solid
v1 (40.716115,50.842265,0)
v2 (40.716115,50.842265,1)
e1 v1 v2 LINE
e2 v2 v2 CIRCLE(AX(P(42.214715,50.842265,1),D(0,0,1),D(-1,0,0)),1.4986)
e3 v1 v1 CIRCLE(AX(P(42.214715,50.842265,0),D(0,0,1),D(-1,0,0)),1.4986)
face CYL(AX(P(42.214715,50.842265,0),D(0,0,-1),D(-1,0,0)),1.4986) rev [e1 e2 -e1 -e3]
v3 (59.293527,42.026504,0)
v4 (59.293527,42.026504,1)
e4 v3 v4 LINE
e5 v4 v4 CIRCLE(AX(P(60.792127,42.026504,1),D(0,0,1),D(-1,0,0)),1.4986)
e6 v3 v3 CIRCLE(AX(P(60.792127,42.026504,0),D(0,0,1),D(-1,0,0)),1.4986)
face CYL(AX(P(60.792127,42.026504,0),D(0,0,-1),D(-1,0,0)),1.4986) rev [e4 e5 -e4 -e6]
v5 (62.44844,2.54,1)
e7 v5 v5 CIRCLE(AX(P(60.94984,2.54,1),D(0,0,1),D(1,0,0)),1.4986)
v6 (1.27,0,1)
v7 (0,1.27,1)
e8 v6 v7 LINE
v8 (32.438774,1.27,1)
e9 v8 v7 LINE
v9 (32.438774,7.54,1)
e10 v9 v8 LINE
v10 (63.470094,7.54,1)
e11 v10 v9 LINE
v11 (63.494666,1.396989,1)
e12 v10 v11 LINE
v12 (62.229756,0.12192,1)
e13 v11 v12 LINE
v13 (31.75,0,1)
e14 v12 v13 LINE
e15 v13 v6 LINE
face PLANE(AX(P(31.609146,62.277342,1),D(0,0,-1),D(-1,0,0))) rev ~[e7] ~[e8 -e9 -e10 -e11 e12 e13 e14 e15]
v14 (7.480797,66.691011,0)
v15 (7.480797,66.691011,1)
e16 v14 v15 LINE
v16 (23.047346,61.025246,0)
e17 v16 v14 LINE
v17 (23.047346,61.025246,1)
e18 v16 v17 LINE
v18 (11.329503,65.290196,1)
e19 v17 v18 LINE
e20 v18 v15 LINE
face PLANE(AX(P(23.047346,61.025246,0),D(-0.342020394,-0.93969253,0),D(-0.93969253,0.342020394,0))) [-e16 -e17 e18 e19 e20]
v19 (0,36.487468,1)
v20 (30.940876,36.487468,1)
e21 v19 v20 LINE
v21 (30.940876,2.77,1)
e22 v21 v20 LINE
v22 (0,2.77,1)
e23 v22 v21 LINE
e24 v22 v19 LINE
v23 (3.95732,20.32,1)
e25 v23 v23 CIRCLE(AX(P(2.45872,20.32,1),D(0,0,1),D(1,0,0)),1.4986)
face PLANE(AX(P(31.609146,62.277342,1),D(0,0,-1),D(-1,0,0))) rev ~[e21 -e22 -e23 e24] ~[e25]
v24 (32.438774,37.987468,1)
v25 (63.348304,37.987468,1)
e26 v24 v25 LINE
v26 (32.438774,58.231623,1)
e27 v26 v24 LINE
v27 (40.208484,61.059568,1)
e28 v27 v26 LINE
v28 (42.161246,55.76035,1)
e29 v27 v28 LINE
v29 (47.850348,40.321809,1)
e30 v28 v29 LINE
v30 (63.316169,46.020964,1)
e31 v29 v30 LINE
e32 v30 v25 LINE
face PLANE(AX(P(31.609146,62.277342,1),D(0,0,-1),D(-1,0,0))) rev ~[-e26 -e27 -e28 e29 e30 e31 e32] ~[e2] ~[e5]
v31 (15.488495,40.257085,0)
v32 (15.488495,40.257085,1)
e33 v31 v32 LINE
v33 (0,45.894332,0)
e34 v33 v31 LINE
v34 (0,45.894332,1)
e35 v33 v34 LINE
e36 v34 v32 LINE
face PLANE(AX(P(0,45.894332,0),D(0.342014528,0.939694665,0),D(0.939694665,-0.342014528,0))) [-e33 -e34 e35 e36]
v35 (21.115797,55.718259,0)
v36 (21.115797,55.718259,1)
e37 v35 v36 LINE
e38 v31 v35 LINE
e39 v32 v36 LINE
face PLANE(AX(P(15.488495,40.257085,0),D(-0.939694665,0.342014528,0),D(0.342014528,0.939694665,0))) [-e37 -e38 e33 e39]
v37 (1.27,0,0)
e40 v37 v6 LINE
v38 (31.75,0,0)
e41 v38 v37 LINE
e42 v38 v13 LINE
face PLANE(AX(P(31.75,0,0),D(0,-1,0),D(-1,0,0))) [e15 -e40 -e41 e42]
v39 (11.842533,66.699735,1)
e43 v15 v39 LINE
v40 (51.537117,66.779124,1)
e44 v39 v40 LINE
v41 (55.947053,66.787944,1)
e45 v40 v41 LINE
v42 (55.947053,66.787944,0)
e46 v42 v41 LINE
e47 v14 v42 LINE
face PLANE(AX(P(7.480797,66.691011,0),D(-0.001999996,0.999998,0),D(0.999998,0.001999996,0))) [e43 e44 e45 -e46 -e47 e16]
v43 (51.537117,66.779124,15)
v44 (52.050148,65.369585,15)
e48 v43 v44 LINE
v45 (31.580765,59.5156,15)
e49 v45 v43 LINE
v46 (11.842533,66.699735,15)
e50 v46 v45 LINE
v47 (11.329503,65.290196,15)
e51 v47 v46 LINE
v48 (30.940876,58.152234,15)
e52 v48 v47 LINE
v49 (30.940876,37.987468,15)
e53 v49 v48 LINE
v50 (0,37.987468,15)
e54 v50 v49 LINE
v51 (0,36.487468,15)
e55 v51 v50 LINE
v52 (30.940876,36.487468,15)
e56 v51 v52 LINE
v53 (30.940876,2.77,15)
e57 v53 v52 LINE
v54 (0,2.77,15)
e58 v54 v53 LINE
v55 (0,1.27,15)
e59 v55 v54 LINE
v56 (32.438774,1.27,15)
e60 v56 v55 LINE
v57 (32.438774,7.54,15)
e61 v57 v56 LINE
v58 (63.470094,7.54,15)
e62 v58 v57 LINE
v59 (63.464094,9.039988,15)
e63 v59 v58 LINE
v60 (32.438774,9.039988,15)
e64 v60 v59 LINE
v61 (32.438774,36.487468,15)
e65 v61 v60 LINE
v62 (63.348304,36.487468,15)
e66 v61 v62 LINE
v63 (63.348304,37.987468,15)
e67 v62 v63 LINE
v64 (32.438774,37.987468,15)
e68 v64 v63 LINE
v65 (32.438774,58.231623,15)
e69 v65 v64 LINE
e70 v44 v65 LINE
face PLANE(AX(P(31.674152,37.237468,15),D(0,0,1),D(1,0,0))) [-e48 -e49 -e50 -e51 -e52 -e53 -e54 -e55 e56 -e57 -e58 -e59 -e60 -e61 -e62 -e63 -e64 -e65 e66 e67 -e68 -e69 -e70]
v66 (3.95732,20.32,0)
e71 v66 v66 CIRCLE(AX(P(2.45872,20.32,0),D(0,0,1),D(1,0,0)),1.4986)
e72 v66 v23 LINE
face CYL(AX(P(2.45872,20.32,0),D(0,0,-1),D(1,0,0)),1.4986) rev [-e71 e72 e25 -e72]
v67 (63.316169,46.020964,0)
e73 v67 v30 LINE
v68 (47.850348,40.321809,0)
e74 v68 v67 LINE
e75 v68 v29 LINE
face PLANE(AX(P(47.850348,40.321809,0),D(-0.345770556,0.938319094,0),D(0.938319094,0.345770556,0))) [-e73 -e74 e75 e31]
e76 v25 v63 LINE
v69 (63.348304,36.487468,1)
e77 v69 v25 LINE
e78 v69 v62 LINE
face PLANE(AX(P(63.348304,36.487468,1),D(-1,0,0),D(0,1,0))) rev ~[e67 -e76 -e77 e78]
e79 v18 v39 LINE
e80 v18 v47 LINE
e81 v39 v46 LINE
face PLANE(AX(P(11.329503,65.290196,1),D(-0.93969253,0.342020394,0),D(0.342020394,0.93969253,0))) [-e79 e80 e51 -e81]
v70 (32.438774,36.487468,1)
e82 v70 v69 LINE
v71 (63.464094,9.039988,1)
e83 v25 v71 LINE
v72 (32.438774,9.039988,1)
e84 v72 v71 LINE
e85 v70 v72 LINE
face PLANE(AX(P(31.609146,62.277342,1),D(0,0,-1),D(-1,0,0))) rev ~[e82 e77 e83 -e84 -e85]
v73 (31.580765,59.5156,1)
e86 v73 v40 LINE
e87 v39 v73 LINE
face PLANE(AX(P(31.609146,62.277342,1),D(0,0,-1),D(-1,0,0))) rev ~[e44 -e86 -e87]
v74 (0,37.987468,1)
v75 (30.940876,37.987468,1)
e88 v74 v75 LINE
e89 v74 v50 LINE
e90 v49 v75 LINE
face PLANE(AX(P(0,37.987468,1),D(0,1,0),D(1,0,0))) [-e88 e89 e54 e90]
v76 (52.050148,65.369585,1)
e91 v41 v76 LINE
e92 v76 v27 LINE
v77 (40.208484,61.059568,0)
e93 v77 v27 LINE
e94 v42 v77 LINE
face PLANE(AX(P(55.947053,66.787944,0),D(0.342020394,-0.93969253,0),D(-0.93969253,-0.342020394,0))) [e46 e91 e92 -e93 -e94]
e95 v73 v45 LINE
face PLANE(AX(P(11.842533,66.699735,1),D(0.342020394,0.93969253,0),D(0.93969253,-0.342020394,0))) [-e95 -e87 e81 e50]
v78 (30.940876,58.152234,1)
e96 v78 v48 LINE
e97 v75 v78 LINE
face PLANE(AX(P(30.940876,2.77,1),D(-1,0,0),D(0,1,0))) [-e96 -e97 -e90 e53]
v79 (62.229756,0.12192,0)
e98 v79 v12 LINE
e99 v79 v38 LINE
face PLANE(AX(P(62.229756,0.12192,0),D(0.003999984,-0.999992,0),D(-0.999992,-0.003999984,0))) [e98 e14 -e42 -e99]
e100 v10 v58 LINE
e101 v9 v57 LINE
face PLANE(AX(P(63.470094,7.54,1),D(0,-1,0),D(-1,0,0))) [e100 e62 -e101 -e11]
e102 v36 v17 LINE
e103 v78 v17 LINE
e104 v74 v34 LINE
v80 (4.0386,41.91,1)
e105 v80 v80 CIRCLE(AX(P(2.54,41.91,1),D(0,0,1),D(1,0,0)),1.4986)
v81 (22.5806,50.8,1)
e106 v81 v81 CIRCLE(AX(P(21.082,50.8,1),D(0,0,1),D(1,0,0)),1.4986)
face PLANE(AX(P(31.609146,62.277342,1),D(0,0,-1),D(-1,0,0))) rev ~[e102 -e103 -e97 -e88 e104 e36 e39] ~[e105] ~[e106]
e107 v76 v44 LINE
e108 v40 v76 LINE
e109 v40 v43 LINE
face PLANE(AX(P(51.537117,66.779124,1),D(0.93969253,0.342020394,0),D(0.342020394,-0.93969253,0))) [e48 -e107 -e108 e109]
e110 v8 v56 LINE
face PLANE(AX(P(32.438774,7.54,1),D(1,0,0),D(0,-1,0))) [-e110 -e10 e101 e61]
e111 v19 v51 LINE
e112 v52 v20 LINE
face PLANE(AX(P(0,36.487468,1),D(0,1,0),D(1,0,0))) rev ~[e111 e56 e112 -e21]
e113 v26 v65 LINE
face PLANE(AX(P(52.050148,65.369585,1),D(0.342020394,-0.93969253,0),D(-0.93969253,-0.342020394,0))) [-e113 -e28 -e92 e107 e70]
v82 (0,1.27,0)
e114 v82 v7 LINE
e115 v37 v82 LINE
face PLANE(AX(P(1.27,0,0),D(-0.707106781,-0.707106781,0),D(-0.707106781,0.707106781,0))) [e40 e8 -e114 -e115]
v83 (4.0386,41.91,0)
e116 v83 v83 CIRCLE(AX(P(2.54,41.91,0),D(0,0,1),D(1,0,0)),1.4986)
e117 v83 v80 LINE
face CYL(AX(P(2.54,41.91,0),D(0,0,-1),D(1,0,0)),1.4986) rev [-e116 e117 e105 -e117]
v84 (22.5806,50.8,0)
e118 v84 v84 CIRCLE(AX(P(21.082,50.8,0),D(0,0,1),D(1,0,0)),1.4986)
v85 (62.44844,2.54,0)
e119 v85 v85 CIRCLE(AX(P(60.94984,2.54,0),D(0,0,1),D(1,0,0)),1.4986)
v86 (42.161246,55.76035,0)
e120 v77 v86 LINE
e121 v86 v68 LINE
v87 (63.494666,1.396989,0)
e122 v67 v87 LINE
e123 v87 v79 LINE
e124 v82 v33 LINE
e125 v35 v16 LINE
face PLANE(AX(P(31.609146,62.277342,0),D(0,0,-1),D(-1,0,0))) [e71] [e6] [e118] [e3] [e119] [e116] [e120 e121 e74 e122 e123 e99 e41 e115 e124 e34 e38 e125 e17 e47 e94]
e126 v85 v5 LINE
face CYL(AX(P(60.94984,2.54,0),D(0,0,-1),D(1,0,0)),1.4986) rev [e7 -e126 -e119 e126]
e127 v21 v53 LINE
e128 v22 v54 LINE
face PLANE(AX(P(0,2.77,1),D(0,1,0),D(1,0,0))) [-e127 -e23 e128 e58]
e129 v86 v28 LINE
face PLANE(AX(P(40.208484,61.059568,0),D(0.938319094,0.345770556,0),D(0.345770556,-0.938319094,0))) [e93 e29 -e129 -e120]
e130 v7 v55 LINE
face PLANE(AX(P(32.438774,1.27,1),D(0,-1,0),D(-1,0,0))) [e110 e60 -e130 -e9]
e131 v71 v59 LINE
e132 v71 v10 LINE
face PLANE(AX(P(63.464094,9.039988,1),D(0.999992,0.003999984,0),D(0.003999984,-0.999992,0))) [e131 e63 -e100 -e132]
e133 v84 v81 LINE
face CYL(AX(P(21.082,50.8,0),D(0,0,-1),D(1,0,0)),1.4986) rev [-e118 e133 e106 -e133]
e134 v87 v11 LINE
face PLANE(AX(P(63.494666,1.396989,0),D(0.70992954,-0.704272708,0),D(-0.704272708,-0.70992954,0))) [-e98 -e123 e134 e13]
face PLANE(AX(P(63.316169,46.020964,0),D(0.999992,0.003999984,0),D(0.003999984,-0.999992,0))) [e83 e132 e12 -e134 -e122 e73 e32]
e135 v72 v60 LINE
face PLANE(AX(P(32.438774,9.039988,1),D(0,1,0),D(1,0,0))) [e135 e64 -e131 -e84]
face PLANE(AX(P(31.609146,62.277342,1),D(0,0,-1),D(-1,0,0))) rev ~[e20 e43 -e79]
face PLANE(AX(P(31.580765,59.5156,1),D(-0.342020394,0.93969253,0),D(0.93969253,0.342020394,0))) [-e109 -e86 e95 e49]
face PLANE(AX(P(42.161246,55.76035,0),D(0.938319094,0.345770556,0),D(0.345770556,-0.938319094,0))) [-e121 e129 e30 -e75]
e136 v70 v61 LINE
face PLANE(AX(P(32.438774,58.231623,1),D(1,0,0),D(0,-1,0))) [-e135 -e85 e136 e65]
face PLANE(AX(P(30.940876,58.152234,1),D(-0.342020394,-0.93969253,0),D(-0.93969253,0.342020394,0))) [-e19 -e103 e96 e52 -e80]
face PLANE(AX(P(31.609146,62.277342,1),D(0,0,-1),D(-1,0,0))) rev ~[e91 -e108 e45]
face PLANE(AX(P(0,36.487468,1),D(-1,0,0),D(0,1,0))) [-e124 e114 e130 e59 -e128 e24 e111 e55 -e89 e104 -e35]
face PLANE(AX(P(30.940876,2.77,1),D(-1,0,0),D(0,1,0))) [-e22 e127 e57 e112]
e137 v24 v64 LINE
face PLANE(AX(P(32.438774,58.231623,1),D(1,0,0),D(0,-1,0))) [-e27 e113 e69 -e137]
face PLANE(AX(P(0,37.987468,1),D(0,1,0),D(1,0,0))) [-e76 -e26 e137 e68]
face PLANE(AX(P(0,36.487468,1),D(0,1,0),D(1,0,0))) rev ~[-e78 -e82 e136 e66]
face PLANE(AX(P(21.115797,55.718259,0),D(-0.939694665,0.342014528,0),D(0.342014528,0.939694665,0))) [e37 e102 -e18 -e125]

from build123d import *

# Parameters (mm, degrees)
SKETCH9_R           = 1.4986
BOSS_EXTRUDE2_DEPTH = 1
BOSS_EXTRUDE8_DEPTH = 1
BOSS_EXTRUDE3_DEPTH = 14
SKETCH12_W          = 63.348303519
SKETCH12_H          = 1.5
BOSS_EXTRUDE4_DEPTH = 14


with BuildPart() as part:
    # Sketch9 → Boss-Extrude2 (new body)
    with BuildSketch(Plane.XY):
        Polygon((0, 45.894331692), (15.488494665, 40.257085472), (21.11579715, 55.718259441), (31.638563481, 55.718259441), (42.161245631, 55.760350338), (47.850347546, 40.321809178), (63.316169409, 46.020964031), (63.494666021, 1.396989332), (62.229756161, 0.121919512), (31.75, 0), (1.27, 0), (0, 1.27), align=None)
        with Locations((60.94984, 2.54)):
            Circle(SKETCH9_R, mode=Mode.SUBTRACT)
        with Locations((21.082, 50.8)):
            Circle(SKETCH9_R, mode=Mode.SUBTRACT)
        with Locations((2.54, 41.91)):
            Circle(SKETCH9_R, mode=Mode.SUBTRACT)
        with Locations(Location((60.792126991, 42.026504254, 0), (0, 0, 180))):
            Circle(SKETCH9_R, mode=Mode.SUBTRACT)
        with Locations(Location((42.214715469, 50.842265431, 0), (0, 0, 180))):
            Circle(SKETCH9_R, mode=Mode.SUBTRACT)
        with Locations((2.45872, 20.32)):
            Circle(SKETCH9_R, mode=Mode.SUBTRACT)
    extrude(amount=BOSS_EXTRUDE2_DEPTH)

    # Sketch13 → Boss-Extrude8 (add)
    with BuildSketch(Plane(origin=(0, 0, 0), x_dir=(-1, 0, 0), z_dir=(0, 0, -1))):
        Polygon((-21.11579715, 55.718259441), (-23.047346454, 61.025246209), (-7.480797331, 66.691011442), (-55.947053109, 66.787943953), (-40.208483916, 61.059568484), (-42.161245631, 55.760350338), (-27.798035754, 50.098344964), align=None)
    extrude(amount=-BOSS_EXTRUDE8_DEPTH)

    # Sketch11 → Boss-Extrude3 (add)
    with BuildSketch(Plane.XY.offset(1)):
        Polygon((32.438774093, 58.231623033), (32.438774093, 9.039988), (63.464093904, 9.039988), (63.47009388, 7.54), (32.438774093, 7.54), (32.438774093, 1.27), (0, 1.27), (0, 2.77), (30.940876447, 2.77), (30.940876447, 58.152233865), (11.329502605, 65.290196119), (11.842533196, 66.699734913), (31.580765387, 59.515599958), (51.537117344, 66.779124082), (52.050147935, 65.369585287), align=None)
    extrude(amount=BOSS_EXTRUDE3_DEPTH)

    # Sketch12 → Boss-Extrude4 (add)
    with BuildSketch(Plane.XY.offset(1)):
        with Locations((31.67415176, 37.237468453)):
            Rectangle(SKETCH12_W, SKETCH12_H)
    extrude(amount=BOSS_EXTRUDE4_DEPTH)


solid = part.part
